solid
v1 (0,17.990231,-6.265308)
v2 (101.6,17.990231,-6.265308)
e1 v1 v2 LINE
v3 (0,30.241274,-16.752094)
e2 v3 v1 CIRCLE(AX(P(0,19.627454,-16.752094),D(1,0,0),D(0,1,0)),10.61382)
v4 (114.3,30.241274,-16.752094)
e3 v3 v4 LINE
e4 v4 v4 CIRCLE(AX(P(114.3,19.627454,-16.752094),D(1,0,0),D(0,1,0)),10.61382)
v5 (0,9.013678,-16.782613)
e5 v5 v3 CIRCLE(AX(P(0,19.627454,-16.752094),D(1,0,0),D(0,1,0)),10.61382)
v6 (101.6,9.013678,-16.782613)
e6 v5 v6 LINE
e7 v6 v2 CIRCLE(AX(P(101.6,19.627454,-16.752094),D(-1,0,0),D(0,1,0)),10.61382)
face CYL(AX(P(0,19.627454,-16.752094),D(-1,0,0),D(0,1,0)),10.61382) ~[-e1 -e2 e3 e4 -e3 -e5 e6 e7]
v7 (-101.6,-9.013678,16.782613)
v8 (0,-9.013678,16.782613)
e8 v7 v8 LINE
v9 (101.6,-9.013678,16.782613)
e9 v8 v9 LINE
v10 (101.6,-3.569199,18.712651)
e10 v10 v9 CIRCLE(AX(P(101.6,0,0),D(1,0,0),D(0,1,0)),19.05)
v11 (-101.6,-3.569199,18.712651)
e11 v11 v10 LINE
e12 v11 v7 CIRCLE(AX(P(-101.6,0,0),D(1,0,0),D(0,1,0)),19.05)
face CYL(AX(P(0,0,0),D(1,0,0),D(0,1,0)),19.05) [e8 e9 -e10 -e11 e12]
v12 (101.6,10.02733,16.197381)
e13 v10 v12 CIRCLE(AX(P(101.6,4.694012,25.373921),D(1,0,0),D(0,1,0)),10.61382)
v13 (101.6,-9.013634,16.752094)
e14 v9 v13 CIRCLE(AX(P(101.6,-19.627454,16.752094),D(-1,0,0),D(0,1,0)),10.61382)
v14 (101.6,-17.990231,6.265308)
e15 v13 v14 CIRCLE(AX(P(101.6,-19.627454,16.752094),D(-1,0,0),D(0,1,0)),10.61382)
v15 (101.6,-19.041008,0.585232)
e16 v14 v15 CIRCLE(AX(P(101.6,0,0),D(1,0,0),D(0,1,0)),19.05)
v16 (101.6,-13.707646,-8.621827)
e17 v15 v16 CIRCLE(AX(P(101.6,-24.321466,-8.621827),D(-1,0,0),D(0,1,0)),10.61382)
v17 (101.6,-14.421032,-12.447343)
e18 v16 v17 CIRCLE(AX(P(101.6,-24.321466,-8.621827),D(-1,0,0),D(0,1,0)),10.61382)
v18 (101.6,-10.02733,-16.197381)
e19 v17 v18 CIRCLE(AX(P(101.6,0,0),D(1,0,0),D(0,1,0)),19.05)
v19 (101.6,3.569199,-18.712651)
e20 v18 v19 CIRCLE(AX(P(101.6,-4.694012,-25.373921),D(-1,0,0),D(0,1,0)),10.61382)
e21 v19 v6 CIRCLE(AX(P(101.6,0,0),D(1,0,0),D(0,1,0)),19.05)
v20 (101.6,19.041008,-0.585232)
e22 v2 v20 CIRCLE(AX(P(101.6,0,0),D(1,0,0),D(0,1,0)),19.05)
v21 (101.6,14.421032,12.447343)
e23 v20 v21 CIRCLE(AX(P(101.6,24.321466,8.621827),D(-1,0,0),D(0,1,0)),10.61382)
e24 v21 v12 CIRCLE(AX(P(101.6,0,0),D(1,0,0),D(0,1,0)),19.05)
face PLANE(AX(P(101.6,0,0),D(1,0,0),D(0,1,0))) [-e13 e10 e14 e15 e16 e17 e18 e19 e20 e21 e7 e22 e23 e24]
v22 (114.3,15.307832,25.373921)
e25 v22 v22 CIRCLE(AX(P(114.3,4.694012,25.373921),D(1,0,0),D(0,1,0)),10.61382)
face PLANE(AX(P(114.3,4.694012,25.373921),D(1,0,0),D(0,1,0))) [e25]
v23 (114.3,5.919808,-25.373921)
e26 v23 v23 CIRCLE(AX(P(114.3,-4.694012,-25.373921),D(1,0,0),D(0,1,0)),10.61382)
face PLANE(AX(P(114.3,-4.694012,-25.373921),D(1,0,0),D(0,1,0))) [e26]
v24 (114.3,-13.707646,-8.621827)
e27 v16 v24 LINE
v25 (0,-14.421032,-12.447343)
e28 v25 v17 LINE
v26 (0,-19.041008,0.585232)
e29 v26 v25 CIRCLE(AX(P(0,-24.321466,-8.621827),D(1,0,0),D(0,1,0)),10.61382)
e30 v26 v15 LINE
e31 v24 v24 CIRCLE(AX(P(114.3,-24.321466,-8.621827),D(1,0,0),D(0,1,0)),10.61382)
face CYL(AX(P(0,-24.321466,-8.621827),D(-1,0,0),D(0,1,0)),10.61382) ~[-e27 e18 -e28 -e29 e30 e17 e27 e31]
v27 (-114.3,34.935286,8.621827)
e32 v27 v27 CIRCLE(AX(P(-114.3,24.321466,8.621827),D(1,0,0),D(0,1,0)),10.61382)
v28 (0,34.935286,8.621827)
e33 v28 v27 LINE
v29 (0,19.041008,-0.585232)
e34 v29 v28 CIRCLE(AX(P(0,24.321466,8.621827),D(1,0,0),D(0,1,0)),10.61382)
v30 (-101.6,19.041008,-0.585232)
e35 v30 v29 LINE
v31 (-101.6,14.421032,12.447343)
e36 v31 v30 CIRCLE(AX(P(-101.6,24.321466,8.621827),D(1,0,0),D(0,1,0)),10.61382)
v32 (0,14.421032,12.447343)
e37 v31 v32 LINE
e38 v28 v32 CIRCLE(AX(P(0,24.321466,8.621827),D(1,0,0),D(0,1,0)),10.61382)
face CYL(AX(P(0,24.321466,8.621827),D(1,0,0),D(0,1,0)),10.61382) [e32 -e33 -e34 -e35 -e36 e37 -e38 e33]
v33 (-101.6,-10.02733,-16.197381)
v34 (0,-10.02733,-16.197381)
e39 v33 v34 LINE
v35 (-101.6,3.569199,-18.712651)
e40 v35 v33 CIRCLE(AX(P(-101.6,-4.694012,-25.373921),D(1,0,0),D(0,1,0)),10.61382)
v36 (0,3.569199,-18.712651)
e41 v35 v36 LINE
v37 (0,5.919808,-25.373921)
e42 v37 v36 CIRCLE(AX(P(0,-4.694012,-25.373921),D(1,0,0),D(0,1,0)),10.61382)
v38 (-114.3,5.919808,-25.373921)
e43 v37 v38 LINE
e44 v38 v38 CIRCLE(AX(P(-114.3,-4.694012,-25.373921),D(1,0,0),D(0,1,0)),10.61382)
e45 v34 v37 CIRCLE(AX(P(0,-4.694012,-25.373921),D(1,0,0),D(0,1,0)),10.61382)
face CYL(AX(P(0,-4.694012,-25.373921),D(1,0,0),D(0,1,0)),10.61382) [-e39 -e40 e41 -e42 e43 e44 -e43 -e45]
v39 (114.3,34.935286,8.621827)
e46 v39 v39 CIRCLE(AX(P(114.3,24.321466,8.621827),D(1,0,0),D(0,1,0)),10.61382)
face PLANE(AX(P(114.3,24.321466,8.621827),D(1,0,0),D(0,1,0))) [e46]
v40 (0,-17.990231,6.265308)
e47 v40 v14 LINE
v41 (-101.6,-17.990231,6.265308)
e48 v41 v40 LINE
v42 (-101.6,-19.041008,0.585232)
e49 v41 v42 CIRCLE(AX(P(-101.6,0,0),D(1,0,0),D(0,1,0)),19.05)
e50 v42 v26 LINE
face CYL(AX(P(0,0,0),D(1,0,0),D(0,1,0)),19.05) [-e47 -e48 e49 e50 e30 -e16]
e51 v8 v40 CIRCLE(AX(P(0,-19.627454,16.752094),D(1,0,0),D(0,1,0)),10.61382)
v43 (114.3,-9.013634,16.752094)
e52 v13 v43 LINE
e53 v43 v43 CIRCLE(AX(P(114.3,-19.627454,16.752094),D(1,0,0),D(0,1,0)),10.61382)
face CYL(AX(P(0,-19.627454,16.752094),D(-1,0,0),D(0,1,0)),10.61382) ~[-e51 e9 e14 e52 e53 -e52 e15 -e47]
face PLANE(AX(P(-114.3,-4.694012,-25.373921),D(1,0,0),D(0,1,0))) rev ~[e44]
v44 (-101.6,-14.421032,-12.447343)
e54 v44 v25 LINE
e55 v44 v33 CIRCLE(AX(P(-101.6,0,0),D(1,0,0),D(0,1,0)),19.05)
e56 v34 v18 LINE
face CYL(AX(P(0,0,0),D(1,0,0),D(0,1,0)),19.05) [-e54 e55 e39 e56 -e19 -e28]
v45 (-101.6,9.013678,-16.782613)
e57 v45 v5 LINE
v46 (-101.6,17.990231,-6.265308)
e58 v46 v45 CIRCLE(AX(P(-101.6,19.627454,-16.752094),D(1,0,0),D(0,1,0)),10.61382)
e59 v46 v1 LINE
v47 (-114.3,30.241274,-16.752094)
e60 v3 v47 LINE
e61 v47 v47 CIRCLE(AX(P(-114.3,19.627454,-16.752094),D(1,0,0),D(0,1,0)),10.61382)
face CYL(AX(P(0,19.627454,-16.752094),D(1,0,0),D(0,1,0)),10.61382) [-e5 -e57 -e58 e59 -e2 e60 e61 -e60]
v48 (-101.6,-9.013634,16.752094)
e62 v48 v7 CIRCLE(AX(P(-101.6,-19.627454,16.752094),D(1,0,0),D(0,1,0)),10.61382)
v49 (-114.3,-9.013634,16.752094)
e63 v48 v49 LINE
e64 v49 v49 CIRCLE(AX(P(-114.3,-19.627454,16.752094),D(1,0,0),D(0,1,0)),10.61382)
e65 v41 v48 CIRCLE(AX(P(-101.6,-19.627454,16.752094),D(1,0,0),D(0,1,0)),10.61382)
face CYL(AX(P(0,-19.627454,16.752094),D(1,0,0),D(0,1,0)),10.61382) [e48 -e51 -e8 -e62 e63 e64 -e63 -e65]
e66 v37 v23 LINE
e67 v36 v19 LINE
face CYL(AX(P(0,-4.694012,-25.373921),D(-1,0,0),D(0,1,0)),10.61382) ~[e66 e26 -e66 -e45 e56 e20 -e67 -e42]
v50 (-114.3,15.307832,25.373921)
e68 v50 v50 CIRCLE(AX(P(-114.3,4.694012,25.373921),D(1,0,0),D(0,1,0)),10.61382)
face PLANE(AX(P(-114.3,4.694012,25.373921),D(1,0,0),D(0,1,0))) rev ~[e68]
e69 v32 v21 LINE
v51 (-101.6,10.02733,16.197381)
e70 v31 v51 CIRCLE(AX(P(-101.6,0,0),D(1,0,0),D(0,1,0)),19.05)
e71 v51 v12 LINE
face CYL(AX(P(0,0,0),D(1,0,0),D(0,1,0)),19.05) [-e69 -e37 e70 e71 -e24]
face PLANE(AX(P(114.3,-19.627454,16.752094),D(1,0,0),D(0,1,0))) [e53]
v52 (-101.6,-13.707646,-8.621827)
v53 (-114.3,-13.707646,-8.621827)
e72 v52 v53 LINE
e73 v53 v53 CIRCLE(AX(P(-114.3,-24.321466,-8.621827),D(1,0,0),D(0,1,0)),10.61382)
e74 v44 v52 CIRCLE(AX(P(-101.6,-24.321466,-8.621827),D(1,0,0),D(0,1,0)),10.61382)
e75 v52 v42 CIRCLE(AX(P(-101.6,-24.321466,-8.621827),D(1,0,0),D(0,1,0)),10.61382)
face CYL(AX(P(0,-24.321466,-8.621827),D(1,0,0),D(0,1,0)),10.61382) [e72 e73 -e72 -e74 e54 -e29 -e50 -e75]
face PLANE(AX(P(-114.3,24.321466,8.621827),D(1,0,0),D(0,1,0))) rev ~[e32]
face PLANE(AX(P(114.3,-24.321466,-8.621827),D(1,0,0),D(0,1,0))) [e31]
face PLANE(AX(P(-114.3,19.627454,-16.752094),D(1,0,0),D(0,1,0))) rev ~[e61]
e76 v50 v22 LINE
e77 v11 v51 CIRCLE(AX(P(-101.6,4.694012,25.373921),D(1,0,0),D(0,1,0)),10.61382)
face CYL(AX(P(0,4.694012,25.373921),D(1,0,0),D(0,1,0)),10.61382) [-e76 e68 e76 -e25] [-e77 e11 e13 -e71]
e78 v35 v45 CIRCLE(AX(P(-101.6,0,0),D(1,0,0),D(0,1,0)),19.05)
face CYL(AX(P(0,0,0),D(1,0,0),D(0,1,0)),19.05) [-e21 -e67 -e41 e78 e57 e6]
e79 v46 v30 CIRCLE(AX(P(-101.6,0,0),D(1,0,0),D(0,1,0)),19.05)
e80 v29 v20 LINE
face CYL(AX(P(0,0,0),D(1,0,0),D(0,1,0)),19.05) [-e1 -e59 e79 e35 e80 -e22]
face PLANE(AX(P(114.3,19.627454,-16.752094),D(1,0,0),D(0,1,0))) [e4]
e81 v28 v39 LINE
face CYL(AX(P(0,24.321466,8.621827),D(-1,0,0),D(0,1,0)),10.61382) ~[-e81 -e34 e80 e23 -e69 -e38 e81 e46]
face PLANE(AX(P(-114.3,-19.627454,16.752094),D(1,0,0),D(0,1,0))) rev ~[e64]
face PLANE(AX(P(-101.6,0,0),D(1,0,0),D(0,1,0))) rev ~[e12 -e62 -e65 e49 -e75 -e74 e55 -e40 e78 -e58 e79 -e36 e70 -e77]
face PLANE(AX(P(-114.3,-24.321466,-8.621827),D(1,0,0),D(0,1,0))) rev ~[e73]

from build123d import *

# Parameters (mm, degrees)
F0_R     = 19.05
F1_DEPTH = 101.6
F2_R     = 10.61382
F3_DEPTH = 114.3


with BuildPart() as f1:
    # F0 (on Right) → F1 (new body, symmetric)
    with BuildSketch(Plane.YZ):
        Circle(F0_R)
    extrude(amount=F1_DEPTH, both=True)

    # F2 (on Right) → F3 (join, symmetric)
    with BuildSketch(Plane.YZ):
        with Locations((-19.627454, 16.752094)):
            Circle(F2_R)
        with Locations((-24.321466, -8.621827)):
            Circle(F2_R)
        with Locations((-4.694012, -25.373921)):
            Circle(F2_R)
        with Locations((19.627454, -16.752094)):
            Circle(F2_R)
        with Locations((24.321466, 8.621827)):
            Circle(F2_R)
        with Locations((4.694012, 25.373921)):
            Circle(F2_R)
    extrude(amount=F3_DEPTH, both=True)


solid = f1.part
